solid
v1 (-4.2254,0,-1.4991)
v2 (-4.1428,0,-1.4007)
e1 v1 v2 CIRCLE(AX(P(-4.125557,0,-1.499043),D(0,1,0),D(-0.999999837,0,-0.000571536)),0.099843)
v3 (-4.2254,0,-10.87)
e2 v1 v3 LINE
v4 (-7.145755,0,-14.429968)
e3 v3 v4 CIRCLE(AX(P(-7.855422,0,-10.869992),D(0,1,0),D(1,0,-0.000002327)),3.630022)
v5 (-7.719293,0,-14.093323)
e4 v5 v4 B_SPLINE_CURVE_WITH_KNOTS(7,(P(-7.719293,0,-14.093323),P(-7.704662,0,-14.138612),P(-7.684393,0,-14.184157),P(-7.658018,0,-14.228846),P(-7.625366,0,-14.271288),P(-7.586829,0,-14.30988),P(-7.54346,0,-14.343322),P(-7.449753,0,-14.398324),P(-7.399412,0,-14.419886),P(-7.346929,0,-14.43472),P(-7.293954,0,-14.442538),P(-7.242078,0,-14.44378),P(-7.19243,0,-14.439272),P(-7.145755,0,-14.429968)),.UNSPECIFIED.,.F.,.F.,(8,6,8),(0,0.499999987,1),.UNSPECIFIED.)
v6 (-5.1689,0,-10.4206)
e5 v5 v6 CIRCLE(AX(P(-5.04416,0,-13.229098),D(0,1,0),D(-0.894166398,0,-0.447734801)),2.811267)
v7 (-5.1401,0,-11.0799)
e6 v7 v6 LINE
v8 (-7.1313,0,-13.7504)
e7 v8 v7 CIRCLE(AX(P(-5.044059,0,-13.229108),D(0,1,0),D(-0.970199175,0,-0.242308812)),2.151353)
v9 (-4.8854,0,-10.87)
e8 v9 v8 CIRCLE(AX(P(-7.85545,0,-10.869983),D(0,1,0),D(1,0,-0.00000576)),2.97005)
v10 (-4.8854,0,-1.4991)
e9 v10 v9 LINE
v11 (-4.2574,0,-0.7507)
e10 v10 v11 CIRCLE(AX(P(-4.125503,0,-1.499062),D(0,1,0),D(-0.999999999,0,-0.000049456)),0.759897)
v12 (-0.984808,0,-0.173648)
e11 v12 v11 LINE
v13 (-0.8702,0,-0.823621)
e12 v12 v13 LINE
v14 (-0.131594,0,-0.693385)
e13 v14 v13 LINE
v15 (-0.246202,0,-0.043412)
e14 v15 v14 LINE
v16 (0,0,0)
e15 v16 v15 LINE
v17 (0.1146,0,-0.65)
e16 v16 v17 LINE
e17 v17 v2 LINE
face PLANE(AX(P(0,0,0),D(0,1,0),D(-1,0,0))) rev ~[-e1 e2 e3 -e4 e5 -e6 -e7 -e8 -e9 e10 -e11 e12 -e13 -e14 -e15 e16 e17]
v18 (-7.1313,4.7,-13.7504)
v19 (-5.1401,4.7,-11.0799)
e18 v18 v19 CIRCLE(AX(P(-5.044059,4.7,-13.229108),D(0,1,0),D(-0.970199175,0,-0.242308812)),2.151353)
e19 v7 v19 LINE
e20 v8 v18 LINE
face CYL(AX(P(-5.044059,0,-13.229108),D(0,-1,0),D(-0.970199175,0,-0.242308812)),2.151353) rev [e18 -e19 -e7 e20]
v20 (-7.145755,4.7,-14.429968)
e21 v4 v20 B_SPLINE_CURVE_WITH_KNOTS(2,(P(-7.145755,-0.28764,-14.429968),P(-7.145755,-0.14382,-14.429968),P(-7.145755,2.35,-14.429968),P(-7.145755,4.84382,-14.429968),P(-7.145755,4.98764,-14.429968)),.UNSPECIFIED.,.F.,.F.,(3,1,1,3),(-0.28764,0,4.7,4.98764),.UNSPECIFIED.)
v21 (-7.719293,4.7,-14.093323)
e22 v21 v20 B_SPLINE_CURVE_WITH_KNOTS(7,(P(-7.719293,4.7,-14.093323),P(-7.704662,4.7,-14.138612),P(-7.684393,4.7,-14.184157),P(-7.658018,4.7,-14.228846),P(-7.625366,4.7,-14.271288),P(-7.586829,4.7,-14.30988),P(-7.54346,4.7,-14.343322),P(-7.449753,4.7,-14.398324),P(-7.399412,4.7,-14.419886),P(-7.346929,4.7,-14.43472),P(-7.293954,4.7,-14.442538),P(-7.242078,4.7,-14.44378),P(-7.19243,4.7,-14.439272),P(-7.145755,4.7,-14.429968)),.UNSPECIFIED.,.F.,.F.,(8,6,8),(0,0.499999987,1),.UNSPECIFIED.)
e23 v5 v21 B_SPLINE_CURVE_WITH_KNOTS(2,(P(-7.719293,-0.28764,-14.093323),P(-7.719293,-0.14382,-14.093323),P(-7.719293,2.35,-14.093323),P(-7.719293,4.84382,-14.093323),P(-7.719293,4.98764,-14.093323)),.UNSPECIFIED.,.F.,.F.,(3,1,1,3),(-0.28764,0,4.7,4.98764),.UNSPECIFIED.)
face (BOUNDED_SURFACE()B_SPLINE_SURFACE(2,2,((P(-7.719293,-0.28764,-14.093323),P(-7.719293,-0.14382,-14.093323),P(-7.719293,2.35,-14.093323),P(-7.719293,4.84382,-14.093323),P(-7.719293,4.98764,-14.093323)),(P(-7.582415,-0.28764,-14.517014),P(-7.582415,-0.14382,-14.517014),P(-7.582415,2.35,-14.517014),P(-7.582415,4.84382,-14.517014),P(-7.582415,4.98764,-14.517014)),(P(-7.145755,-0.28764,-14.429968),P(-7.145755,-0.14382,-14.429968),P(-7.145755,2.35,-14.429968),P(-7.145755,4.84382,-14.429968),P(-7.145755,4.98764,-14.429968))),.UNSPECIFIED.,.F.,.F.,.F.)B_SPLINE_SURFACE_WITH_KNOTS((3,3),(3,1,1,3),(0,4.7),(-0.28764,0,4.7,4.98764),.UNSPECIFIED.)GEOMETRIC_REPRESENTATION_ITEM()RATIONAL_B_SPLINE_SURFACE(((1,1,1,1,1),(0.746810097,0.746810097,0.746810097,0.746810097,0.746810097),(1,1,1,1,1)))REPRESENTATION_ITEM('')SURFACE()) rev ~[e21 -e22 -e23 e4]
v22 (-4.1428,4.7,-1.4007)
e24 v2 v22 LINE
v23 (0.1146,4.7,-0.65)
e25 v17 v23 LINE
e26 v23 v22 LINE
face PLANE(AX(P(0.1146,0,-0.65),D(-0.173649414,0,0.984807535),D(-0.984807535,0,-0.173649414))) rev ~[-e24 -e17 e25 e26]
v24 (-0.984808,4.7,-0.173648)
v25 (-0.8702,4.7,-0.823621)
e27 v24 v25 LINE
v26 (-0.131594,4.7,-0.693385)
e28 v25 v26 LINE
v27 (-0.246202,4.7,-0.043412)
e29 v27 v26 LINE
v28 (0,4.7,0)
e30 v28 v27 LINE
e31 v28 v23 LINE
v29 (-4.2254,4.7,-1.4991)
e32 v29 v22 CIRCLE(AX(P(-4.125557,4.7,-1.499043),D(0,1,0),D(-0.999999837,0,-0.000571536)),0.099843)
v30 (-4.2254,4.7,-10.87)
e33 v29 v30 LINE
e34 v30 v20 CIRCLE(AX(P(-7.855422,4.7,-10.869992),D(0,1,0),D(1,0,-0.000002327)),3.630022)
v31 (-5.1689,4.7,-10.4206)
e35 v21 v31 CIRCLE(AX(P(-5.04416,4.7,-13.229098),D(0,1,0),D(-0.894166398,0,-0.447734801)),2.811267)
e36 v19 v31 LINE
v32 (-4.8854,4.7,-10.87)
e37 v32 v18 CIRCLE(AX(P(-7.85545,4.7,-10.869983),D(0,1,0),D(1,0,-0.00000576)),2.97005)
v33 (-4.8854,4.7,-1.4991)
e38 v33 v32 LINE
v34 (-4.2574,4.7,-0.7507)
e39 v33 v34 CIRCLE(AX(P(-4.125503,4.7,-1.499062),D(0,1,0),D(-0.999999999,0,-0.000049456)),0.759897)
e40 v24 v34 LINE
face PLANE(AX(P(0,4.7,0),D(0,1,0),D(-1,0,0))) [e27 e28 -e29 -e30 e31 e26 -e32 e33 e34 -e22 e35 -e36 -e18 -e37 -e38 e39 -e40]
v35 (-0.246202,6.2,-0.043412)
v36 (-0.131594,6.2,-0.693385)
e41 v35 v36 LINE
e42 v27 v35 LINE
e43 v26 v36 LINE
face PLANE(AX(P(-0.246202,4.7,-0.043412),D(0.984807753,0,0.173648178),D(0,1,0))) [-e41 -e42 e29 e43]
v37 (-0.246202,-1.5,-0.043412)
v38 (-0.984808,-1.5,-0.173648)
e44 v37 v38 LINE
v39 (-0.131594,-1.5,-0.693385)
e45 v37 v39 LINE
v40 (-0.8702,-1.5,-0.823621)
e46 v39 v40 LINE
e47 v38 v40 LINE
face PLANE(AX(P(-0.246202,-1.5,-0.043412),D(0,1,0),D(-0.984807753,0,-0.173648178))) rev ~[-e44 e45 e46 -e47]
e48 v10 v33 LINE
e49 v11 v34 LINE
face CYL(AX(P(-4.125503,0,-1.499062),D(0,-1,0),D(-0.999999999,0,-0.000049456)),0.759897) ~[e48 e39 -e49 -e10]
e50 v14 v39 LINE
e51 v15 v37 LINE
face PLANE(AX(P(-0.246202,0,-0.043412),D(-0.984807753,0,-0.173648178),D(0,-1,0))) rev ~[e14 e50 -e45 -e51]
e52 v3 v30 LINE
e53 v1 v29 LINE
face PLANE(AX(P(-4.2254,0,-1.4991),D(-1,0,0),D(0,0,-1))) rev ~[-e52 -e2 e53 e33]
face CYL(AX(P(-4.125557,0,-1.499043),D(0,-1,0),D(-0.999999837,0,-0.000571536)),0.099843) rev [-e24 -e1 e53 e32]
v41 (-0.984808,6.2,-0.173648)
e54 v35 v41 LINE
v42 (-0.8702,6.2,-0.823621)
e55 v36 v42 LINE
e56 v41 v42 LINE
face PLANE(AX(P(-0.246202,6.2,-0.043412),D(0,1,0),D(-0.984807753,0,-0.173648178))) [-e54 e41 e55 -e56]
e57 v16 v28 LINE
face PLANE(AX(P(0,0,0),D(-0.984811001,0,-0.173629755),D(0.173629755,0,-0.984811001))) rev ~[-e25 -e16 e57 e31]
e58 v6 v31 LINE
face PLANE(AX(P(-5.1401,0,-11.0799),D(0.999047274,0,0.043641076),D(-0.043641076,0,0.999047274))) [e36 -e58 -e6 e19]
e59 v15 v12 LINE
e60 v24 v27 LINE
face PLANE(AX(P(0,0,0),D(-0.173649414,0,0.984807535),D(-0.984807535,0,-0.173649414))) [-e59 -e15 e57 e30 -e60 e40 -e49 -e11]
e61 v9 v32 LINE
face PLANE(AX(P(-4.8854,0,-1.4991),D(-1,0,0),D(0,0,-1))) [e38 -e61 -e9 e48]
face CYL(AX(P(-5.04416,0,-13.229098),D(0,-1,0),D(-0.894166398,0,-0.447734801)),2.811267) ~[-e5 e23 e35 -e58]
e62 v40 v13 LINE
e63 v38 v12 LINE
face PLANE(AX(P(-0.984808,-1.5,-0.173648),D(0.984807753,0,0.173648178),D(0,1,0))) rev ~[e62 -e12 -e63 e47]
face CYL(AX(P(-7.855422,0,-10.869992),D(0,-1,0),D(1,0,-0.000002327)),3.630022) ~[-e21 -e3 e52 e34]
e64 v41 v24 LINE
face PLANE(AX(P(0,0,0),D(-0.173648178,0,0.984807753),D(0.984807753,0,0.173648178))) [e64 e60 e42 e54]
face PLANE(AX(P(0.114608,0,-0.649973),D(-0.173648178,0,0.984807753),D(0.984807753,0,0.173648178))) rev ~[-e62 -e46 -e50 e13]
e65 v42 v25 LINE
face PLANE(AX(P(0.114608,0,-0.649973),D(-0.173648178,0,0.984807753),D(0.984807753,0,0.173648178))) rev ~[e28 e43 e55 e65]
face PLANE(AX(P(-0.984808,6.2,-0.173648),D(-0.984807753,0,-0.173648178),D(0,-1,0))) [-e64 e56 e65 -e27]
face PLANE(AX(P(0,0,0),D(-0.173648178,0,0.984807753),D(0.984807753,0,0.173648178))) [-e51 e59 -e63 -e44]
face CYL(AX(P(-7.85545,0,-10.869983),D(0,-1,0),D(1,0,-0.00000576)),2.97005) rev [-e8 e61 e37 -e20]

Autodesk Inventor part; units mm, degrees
ref_plane "YZ Plane" through (0, 0, 0) normal (1, 0, 0) x (0, 1, 0)
ref_plane "XZ Plane" through (0, 0, 0) normal (0, 1, 0) x (-1, 0, 0)
ref_plane "XY Plane" through (0, 0, 0) normal (0, 0, 1) x (1, 0, 0)
sketch "Sketch1" plane through (0, 0, 0) normal (0, 1, 0) x (-1, 0, 0)
  line L0 (0, 0) -> (4.2574, -0.7507)
  line L1 (4.8854, -1.4991) -> (4.8854, -10.87)
  line L2 (0, 0) -> (-0.1146, -0.65)
  line L3 (-0.1146, -0.65) -> (4.1428, -1.4007)
  line L4 (4.2254, -1.4991) -> (4.2254, -10.87)
  line L5 (4.8854, -7.3684) -> (4.2254, -7.3684) construction
  arc A0 (4.8854, -1.4991) -> (4.2574, -0.7507) centre (4.1254, -1.4991) ccw
  arc A1 (4.2254, -1.4991) -> (4.1428, -1.4007) centre (4.1254, -1.4991) ccw
  line L6 (0, 0) -> (9.7928, 0) construction
  arc A2 (4.2254, -10.87) -> (7.5579, -14.4878) centre (7.8554, -10.87) ccw
  arc A3 (4.8854, -10.87) -> (7.1313, -13.7504) centre (7.8554, -10.87) ccw
  arc A4 (7.1313, -13.7504) -> (5.1401, -11.0799) centre (5.0441, -13.2291) ccw
  line L7 (7.1313, -13.7504) -> (6.9714, -14.3907) construction
  line L8 (7.1313, -13.7504) -> (7.7714, -13.9113) construction
  line L9 (5.1401, -11.0799) -> (5.1689, -10.4206)
  arc A5 (7.5579, -14.4878) -> (5.1689, -10.4206) centre (5.0441, -13.2291) ccw
  line L10 (7.8554, -14.5) -> (1.0376, -14.5) construction
  line L11 (7.8554, -14.5) -> (7.8554, -9.8671) construction
  dimension "d0" = 0.66
  dimension "d2" = 10
  dimension "d3" = 0.1
  dimension "d4" = 14.5
  dimension "d5" = 5
  dimension "d6" = 3.63
  dimension "d8" = 2.5
  dimension "d9" = 4.0794
extrude "Extrusion1" add sketch "Sketch1" along normal blind 4.7
fillet "Fillet1" radius 0.5 1 edges at (-7.5579, 2.35, -14.4878)
sketch "Sketch2" plane through (0, 0, 0) normal (-0.1736, 0, 0.9848) x (0.9848, 0, 0.1736)
  line L0 (-4.323, 4.7) -> (0, 4.7) projected
  line L1 (0, 0) -> (-4.323, 0) projected
  line L2 (-1, 4.7) -> (-0.25, 4.7)
  line L3 (-0.25, 4.7) -> (-0.25, 6.2)
  line L4 (-0.25, 6.2) -> (-1, 6.2)
  line L5 (-1, 6.2) -> (-1, 4.7)
  line L6 (-1, 0) -> (-0.25, 0)
  line L7 (-0.25, 0) -> (-0.25, -1.5)
  line L8 (-0.25, -1.5) -> (-1, -1.5)
  line L9 (-1, -1.5) -> (-1, 0)
  line L10 (0, 0) -> (0, 4.7) projected
  dimension "d13" = 1.5
  dimension "d14" = 0.75
  dimension "d15" = 0.25
extrude "Extrusion2" add sketch "Sketch2" against normal up to surface (0.66 mm away)
properties part number "Lever" material "Stainless Steel"
